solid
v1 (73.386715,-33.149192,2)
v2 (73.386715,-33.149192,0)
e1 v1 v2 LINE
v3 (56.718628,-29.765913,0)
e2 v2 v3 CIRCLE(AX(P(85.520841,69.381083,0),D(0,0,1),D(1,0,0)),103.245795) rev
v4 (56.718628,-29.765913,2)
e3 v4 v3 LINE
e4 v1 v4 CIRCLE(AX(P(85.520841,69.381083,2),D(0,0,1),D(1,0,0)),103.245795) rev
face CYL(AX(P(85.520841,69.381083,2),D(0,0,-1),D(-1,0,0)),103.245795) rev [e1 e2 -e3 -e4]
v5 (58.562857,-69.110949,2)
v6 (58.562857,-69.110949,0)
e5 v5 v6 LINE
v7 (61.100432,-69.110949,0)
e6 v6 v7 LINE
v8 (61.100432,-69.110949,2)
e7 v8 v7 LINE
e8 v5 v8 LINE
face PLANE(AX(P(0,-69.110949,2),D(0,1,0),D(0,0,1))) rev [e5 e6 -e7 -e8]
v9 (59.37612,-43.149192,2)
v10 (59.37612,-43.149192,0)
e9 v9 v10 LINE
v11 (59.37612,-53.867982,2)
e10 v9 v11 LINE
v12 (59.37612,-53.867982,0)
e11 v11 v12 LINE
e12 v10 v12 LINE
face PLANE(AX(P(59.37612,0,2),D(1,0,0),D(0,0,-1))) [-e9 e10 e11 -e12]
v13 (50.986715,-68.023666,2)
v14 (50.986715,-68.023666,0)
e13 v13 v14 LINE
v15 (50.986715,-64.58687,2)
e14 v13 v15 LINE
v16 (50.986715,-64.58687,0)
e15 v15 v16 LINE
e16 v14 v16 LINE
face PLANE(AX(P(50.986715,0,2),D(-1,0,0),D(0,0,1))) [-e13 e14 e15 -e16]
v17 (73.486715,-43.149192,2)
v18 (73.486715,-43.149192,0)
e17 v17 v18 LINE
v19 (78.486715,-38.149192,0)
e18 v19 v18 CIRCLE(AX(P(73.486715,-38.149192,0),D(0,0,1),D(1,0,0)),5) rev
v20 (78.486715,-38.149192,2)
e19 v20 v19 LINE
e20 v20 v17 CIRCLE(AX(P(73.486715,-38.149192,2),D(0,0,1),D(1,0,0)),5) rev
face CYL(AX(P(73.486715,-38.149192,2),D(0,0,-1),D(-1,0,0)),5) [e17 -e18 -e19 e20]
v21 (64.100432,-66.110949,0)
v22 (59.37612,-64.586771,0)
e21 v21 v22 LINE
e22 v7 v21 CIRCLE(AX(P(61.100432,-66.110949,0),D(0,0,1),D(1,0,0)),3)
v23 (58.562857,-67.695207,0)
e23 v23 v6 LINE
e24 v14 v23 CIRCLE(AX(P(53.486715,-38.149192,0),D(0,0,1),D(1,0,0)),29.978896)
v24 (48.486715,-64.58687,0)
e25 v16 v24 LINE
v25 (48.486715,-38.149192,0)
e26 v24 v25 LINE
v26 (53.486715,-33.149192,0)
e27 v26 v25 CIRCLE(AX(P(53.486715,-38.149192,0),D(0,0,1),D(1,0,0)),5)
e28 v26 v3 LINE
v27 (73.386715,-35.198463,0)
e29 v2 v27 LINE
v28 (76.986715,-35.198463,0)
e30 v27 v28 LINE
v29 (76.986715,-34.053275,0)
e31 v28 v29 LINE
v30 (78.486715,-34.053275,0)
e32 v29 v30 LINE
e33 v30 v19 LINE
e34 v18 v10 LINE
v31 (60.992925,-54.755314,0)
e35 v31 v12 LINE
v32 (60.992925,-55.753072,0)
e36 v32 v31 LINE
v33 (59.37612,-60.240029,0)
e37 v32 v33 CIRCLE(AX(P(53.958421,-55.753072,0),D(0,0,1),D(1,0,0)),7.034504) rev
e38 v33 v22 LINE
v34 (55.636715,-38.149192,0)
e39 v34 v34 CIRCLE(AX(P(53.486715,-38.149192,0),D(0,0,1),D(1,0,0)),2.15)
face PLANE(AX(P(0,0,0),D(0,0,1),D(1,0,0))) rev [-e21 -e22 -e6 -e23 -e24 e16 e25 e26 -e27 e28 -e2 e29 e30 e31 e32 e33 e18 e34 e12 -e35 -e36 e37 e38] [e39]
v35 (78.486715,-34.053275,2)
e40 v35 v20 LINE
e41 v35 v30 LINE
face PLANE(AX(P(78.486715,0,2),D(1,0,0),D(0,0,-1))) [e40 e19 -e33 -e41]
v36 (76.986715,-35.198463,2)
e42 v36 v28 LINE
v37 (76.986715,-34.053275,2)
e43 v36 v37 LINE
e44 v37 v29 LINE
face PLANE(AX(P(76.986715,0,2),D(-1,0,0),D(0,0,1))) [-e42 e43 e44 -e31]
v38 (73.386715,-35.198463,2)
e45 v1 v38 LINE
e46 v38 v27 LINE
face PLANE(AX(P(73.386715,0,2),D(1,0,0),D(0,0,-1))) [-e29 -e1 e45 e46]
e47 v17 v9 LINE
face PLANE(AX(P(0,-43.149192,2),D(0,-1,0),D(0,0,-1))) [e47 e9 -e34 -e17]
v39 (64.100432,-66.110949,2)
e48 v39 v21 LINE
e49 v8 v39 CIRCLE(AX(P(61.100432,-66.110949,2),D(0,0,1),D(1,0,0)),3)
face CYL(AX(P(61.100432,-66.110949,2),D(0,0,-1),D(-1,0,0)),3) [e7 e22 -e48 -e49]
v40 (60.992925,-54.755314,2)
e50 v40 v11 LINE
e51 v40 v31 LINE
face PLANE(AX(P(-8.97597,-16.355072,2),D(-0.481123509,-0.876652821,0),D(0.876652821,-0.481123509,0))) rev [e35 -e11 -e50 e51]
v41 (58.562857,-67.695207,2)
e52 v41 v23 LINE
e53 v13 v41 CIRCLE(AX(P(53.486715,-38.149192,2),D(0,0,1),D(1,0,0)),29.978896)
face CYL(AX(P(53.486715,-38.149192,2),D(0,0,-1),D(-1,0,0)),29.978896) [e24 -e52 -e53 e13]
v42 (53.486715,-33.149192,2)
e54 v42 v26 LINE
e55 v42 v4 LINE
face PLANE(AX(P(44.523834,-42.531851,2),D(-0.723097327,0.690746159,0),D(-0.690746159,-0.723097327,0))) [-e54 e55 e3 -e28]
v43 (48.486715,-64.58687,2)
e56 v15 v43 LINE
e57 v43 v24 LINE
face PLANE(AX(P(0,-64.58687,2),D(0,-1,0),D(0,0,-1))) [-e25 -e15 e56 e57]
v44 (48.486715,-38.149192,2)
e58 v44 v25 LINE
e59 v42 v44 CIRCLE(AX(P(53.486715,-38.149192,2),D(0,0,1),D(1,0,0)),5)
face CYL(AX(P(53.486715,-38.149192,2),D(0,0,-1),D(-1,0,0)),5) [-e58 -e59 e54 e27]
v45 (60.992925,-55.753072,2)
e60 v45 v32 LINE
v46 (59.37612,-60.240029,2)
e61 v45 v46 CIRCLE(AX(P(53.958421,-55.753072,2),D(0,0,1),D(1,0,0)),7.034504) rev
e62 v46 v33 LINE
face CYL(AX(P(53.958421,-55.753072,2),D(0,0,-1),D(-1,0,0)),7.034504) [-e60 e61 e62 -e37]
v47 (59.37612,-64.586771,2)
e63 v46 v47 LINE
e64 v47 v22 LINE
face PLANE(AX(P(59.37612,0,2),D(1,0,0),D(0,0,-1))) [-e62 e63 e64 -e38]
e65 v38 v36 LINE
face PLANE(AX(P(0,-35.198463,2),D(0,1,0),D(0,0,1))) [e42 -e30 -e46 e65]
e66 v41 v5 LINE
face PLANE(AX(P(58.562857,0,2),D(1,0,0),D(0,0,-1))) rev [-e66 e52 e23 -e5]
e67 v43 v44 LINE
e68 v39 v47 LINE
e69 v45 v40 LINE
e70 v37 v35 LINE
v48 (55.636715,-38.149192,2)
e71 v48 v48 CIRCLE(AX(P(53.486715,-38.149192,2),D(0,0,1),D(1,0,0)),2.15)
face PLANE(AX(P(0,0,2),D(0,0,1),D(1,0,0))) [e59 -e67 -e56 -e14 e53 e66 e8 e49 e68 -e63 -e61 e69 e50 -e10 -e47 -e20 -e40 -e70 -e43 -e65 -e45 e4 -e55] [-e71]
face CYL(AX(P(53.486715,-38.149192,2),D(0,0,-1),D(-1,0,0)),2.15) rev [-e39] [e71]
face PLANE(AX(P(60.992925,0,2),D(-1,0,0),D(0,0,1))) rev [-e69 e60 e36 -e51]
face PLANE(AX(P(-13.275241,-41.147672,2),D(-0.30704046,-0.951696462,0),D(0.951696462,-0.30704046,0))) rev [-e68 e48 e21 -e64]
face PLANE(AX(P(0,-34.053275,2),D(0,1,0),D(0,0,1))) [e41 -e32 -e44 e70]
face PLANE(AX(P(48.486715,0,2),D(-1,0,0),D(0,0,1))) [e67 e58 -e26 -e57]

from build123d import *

# Parameters (mm, degrees)
SKETCH_1_R      = 2.15
EXTRUDE_1_DEPTH = 2


with BuildPart() as part:
    # 스케치1 → 보스-돌출1 (new body)
    with BuildSketch(Plane.XY):
        with BuildLine():
            Line((58.562856649, -69.110949309), (61.100431709, -69.110949309))
            ThreePointArc((61.100431709, -69.110949309), (63.221752053, -68.232269653), (64.100431709, -66.110949309))
            Line((64.100431709, -66.110949309), (59.376120264, -64.586771365))
            Line((59.376120264, -64.586771365), (59.376120264, -60.240028533))
            ThreePointArc((59.376120264, -60.240028533), (60.576391584, -58.13775418), (60.992924776, -55.753072063))
            Line((60.992924776, -55.753072063), (60.992924776, -54.755314285))
            Line((60.992924776, -54.755314285), (59.376120264, -53.867981647))
            Line((59.376120264, -53.867981647), (59.376120264, -43.149191929))
            Line((59.376120264, -43.149191929), (73.486715323, -43.149191929))
            ThreePointArc((73.486715323, -43.149191929), (77.022249229, -41.684725835), (78.486715323, -38.149191929))
            Line((78.486715323, -38.149191929), (78.486715323, -34.05327534))
            Line((78.486715323, -34.05327534), (76.986715323, -34.05327534))
            Line((76.986715323, -34.05327534), (76.986715323, -35.198463464))
            Line((76.986715323, -35.198463464), (73.386715323, -35.198463464))
            Line((73.386715323, -35.198463464), (73.386715323, -33.149191929))
            ThreePointArc((73.386715323, -33.149191929), (64.982885636, -31.8013595), (56.718627509, -29.765912799))
            Line((56.718627509, -29.765912799), (53.486715323, -33.149191929))
            ThreePointArc((53.486715323, -33.149191929), (49.951181417, -34.613658023), (48.486715323, -38.149191929))
            Line((48.486715323, -38.149191929), (48.486715323, -64.586869755))
            Line((48.486715323, -64.586869755), (50.986715323, -64.586869755))
            Line((50.986715323, -64.586869755), (50.986715323, -68.023666262))
            ThreePointArc((50.986715323, -68.023666262), (54.785213458, -68.09995351), (58.562856649, -67.695206989))
            Line((58.562856649, -67.695206989), (58.562856649, -69.110949309))
        make_face()
        with Locations((53.486715323, -38.149191929)):
            Circle(SKETCH_1_R, mode=Mode.SUBTRACT)
    extrude(amount=EXTRUDE_1_DEPTH)


solid = part.part
